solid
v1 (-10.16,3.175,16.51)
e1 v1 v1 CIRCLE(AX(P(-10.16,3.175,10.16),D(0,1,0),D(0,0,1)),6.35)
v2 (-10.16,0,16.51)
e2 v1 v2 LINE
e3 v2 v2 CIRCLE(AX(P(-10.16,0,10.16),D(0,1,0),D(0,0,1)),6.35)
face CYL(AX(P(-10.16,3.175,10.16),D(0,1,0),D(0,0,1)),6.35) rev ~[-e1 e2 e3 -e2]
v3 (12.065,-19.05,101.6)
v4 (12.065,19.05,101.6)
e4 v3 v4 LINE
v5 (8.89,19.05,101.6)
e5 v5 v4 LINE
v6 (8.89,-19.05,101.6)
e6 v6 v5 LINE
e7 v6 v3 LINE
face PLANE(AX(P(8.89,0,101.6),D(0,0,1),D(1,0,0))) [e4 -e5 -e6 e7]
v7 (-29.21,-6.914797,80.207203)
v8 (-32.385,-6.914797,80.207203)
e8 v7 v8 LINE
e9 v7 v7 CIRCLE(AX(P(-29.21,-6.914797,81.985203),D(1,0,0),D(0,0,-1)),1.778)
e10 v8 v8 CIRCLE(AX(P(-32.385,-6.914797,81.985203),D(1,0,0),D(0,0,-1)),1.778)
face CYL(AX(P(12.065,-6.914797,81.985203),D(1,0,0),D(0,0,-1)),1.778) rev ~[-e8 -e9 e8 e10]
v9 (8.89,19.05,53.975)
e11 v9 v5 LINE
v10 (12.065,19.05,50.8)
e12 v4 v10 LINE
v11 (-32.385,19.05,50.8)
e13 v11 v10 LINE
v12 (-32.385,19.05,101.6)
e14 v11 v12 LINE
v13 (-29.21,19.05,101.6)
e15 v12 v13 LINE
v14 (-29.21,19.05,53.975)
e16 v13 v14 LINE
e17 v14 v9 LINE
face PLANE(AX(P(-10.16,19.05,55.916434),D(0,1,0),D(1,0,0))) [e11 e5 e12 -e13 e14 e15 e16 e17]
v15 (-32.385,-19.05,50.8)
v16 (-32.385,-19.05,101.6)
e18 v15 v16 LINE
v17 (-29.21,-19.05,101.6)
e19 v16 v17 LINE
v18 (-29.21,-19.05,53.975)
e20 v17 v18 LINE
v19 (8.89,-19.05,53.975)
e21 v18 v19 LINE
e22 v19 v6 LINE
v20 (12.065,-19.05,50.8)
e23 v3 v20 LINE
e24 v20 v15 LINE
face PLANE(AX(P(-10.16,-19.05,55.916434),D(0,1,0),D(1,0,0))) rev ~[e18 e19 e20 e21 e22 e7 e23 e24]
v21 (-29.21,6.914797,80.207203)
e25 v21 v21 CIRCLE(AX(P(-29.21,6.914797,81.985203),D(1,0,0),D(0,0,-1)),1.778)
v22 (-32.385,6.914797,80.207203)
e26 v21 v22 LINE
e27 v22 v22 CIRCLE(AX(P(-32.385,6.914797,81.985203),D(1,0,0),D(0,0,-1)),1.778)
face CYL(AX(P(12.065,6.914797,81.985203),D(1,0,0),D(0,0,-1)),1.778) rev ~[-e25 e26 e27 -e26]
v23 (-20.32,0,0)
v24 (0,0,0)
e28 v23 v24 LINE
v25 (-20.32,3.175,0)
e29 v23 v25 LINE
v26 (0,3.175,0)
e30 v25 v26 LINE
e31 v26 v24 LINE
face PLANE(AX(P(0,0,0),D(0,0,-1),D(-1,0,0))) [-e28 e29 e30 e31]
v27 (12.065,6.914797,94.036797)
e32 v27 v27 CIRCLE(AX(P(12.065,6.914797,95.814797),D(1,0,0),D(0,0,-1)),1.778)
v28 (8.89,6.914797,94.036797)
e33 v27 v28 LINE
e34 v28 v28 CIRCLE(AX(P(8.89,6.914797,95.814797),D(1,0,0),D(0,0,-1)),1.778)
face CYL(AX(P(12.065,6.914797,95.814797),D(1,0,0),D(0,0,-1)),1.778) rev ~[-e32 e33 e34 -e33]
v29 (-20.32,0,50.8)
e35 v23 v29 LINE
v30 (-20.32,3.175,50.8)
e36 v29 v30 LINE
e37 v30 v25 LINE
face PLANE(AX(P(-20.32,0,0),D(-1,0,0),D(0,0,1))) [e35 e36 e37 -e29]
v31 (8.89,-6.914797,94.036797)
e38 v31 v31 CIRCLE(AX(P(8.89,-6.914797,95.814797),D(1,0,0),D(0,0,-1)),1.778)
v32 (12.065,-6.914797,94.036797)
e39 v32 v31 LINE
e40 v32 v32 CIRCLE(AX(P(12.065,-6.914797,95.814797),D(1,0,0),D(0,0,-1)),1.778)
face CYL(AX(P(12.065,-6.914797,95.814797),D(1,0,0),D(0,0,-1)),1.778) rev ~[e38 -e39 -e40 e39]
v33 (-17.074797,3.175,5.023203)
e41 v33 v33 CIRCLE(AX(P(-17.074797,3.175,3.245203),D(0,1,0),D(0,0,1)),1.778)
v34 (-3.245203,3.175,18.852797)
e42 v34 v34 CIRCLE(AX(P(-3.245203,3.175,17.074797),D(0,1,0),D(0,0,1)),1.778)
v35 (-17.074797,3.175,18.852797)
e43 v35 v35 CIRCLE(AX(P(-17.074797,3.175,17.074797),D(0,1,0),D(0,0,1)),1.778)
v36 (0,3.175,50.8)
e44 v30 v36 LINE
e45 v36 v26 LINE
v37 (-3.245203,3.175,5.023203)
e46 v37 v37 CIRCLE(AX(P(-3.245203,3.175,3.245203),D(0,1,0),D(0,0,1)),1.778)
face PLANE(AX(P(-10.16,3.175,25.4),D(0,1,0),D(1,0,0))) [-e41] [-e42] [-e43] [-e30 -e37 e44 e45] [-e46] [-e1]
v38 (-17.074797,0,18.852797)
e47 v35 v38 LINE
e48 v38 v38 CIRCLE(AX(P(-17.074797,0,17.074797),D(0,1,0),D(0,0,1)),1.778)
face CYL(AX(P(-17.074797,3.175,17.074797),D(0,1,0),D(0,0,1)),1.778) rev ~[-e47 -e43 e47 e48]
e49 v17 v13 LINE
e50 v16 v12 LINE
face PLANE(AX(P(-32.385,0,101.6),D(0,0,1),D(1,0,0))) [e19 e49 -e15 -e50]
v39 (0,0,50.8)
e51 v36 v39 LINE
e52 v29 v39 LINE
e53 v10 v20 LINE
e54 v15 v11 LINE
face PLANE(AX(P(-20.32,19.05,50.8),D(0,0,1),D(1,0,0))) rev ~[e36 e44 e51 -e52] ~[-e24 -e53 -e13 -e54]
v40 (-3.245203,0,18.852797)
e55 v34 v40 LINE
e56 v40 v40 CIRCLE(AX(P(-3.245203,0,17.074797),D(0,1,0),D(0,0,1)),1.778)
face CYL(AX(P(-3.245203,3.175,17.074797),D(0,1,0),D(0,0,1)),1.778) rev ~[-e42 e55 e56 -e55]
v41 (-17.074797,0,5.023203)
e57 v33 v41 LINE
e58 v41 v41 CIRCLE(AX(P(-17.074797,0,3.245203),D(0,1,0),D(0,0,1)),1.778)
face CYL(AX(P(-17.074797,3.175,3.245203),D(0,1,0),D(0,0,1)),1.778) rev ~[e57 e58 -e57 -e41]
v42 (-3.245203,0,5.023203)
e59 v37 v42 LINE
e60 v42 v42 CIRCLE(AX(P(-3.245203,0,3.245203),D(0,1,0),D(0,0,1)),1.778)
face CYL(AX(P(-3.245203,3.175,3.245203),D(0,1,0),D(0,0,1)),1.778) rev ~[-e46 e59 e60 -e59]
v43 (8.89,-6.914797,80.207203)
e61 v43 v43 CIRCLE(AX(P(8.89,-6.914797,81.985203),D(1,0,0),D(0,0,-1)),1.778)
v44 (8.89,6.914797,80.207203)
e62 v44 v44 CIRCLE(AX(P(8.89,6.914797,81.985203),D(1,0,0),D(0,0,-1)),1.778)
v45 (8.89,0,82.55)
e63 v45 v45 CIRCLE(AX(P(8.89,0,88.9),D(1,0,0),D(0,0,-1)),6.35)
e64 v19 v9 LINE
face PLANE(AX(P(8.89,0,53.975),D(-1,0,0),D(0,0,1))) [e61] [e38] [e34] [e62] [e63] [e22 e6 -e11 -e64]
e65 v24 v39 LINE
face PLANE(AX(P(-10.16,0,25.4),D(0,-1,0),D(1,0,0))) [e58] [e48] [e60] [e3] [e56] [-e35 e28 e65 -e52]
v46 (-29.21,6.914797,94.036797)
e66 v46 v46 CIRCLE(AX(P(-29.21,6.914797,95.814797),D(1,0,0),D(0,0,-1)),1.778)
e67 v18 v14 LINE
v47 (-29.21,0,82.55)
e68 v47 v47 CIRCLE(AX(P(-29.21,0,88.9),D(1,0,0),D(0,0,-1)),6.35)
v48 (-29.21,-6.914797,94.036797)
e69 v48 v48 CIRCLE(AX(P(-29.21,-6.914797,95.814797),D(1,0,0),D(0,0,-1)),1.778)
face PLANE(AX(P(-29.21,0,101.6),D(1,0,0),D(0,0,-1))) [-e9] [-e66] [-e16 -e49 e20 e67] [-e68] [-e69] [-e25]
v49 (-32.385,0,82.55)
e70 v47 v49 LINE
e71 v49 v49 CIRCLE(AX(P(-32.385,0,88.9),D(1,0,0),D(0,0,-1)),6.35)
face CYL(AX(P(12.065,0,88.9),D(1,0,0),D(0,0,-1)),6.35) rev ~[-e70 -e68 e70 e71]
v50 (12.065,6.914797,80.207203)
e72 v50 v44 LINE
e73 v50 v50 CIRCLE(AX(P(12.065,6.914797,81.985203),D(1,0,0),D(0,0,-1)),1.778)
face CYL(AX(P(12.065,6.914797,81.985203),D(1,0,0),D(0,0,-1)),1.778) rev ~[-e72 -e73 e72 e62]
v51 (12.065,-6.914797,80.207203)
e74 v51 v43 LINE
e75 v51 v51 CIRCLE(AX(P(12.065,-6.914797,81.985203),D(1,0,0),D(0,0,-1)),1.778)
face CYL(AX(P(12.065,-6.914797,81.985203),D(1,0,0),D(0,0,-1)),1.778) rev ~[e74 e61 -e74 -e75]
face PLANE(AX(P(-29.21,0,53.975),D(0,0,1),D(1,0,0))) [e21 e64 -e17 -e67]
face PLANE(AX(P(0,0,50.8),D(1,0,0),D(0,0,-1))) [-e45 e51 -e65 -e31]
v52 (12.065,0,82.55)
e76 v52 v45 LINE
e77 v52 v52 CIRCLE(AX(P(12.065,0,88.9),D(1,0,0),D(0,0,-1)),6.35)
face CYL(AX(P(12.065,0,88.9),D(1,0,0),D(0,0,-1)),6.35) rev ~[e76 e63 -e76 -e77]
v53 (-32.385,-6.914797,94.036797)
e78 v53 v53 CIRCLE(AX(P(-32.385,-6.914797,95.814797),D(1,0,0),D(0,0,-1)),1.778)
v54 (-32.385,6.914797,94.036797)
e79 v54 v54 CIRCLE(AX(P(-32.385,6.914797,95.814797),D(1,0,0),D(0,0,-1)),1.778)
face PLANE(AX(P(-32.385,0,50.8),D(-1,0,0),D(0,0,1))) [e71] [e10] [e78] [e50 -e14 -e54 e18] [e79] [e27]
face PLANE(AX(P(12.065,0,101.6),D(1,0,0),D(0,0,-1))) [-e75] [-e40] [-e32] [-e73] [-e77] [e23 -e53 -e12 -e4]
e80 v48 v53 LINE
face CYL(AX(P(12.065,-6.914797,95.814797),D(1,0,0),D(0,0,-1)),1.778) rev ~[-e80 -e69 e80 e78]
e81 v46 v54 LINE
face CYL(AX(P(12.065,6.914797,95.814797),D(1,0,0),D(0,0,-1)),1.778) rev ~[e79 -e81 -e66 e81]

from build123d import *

# Parameters (mm, degrees)
BOSS_EXTRUDE1_DEPTH = 19.05
SKETCH3_W           = 20.32
SKETCH3_H           = 50.8
CUT_EXTRUDE1_DEPTH  = 19.05
SKETCH4_W           = 20.32
SKETCH4_H           = 50.8
CUT_EXTRUDE2_DEPTH  = 15.875
CUT_EXTRUDE3_REACH  = 110.928
SKETCH6_R           = 6.35
SKETCH6_R_2         = 1.778
CUT_EXTRUDE6_REACH  = 114.522
SKETCH9_R           = 6.35
SKETCH9_R_2         = 1.778


with BuildPart() as part:
    # Sketch1 → Boss-Extrude1 (new, symmetric)
    with BuildSketch(Plane(origin=(0, 0, 0), x_dir=(1, 0, 0), z_dir=(0, 1, 0))):
        Polygon((0, 0), (-20.32, 0), (-20.32, -50.8), (-32.385, -50.8), (-32.385, -101.6), (-29.21, -101.6), (-29.21, -53.975), (8.89, -53.975), (8.89, -101.6), (12.065, -101.6), (12.065, -50.8), (0, -50.8), align=None)
    extrude(amount=BOSS_EXTRUDE1_DEPTH, both=True)

    # Sketch3 → Cut-Extrude1 (cut)
    with BuildSketch(Plane.XZ.offset(19.05)):
        with Locations((-10.16, 25.4)):
            Rectangle(SKETCH3_W, SKETCH3_H)
    extrude(amount=-CUT_EXTRUDE1_DEPTH, mode=Mode.SUBTRACT)

    # Sketch4 → Cut-Extrude2 (cut)
    with BuildSketch(Plane(origin=(0, 19.05, 0), x_dir=(1, 0, 0), z_dir=(0, 1, 0))):
        with Locations((-10.16, -25.4)):
            Rectangle(SKETCH4_W, SKETCH4_H)
    extrude(amount=-CUT_EXTRUDE2_DEPTH, mode=Mode.SUBTRACT)

    # Sketch6 → Cut-Extrude3 (cut, up to next)
    with BuildSketch(Plane(origin=(0, 3.175, 0), x_dir=(1, 0, 0), z_dir=(0, 1, 0)), mode=Mode.PRIVATE) as cut_extrude3_sk1:
        with Locations(Location((-10.16, -10.16, 0), (0, 0, 270))):
            Circle(SKETCH6_R)
    cut_extrude3_tool1 = extrude(cut_extrude3_sk1.sketch, amount=-CUT_EXTRUDE3_REACH, mode=Mode.PRIVATE) & part.part
    # Sketch6 → Cut-Extrude3 (cut, up to next)
    with BuildSketch(Plane(origin=(0, 3.175, 0), x_dir=(1, 0, 0), z_dir=(0, 1, 0)), mode=Mode.PRIVATE) as cut_extrude3_sk2:
        with Locations(Location((-17.074797213, -17.074797213, 0), (0, 0, 270))):
            Circle(SKETCH6_R_2)
    cut_extrude3_tool2 = extrude(cut_extrude3_sk2.sketch, amount=-CUT_EXTRUDE3_REACH, mode=Mode.PRIVATE) & part.part
    # Sketch6 → Cut-Extrude3 (cut, up to next)
    with BuildSketch(Plane(origin=(0, 3.175, 0), x_dir=(1, 0, 0), z_dir=(0, 1, 0)), mode=Mode.PRIVATE) as cut_extrude3_sk3:
        with Locations(Location((-17.074797213, -3.245202787, 0), (0, 0, 270))):
            Circle(SKETCH6_R_2)
    cut_extrude3_tool3 = extrude(cut_extrude3_sk3.sketch, amount=-CUT_EXTRUDE3_REACH, mode=Mode.PRIVATE) & part.part
    # Sketch6 → Cut-Extrude3 (cut, up to next)
    with BuildSketch(Plane(origin=(0, 3.175, 0), x_dir=(1, 0, 0), z_dir=(0, 1, 0)), mode=Mode.PRIVATE) as cut_extrude3_sk4:
        with Locations(Location((-3.245202787, -3.245202787, 0), (0, 0, 270))):
            Circle(SKETCH6_R_2)
    cut_extrude3_tool4 = extrude(cut_extrude3_sk4.sketch, amount=-CUT_EXTRUDE3_REACH, mode=Mode.PRIVATE) & part.part
    # Sketch6 → Cut-Extrude3 (cut, up to next)
    with BuildSketch(Plane(origin=(0, 3.175, 0), x_dir=(1, 0, 0), z_dir=(0, 1, 0)), mode=Mode.PRIVATE) as cut_extrude3_sk5:
        with Locations(Location((-3.245202787, -17.074797213, 0), (0, 0, 270))):
            Circle(SKETCH6_R_2)
    cut_extrude3_tool5 = extrude(cut_extrude3_sk5.sketch, amount=-CUT_EXTRUDE3_REACH, mode=Mode.PRIVATE) & part.part
    add(cut_extrude3_tool1.solids().sort_by_distance((-10.16, 3.175, 10.16))[0], mode=Mode.SUBTRACT)
    add(cut_extrude3_tool2.solids().sort_by_distance((-17.074797, 3.175, 17.074797))[0], mode=Mode.SUBTRACT)
    add(cut_extrude3_tool3.solids().sort_by_distance((-17.074797, 3.175, 3.245203))[0], mode=Mode.SUBTRACT)
    add(cut_extrude3_tool4.solids().sort_by_distance((-3.245203, 3.175, 3.245203))[0], mode=Mode.SUBTRACT)
    add(cut_extrude3_tool5.solids().sort_by_distance((-3.245203, 3.175, 17.074797))[0], mode=Mode.SUBTRACT)

    # Cut-Extrude6: up to this face of the body (flat: up to its plane)
    cut_extrude6_end = Plane(part.part.faces().sort_by_distance((-32.385, 0, 76.2))[0])
    # Sketch9 → Cut-Extrude6 (cut, up to the picked face)
    with BuildSketch(Plane(origin=(12.065, 0, 0), x_dir=(0, 0, -1), z_dir=(1, 0, 0)), mode=Mode.PRIVATE) as cut_extrude6_sk1:
        with Locations((-88.9, 0)):
            Circle(SKETCH9_R)
    cut_extrude6_tool1 = split(extrude(cut_extrude6_sk1.sketch, amount=-CUT_EXTRUDE6_REACH, mode=Mode.PRIVATE), bisect_by=cut_extrude6_end, keep=Keep.BOTH, mode=Mode.PRIVATE)
    # Sketch9 → Cut-Extrude6 (cut, up to the picked face)
    with BuildSketch(Plane(origin=(12.065, 0, 0), x_dir=(0, 0, -1), z_dir=(1, 0, 0)), mode=Mode.PRIVATE) as cut_extrude6_sk2:
        with Locations((-95.814797213, 6.914797213)):
            Circle(SKETCH9_R_2)
    cut_extrude6_tool2 = split(extrude(cut_extrude6_sk2.sketch, amount=-CUT_EXTRUDE6_REACH, mode=Mode.PRIVATE), bisect_by=cut_extrude6_end, keep=Keep.BOTH, mode=Mode.PRIVATE)
    # Sketch9 → Cut-Extrude6 (cut, up to the picked face)
    with BuildSketch(Plane(origin=(12.065, 0, 0), x_dir=(0, 0, -1), z_dir=(1, 0, 0)), mode=Mode.PRIVATE) as cut_extrude6_sk3:
        with Locations((-81.985202787, 6.914797213)):
            Circle(SKETCH9_R_2)
    cut_extrude6_tool3 = split(extrude(cut_extrude6_sk3.sketch, amount=-CUT_EXTRUDE6_REACH, mode=Mode.PRIVATE), bisect_by=cut_extrude6_end, keep=Keep.BOTH, mode=Mode.PRIVATE)
    # Sketch9 → Cut-Extrude6 (cut, up to the picked face)
    with BuildSketch(Plane(origin=(12.065, 0, 0), x_dir=(0, 0, -1), z_dir=(1, 0, 0)), mode=Mode.PRIVATE) as cut_extrude6_sk4:
        with Locations((-81.985202787, -6.914797213)):
            Circle(SKETCH9_R_2)
    cut_extrude6_tool4 = split(extrude(cut_extrude6_sk4.sketch, amount=-CUT_EXTRUDE6_REACH, mode=Mode.PRIVATE), bisect_by=cut_extrude6_end, keep=Keep.BOTH, mode=Mode.PRIVATE)
    # Sketch9 → Cut-Extrude6 (cut, up to the picked face)
    with BuildSketch(Plane(origin=(12.065, 0, 0), x_dir=(0, 0, -1), z_dir=(1, 0, 0)), mode=Mode.PRIVATE) as cut_extrude6_sk5:
        with Locations((-95.814797213, -6.914797213)):
            Circle(SKETCH9_R_2)
    cut_extrude6_tool5 = split(extrude(cut_extrude6_sk5.sketch, amount=-CUT_EXTRUDE6_REACH, mode=Mode.PRIVATE), bisect_by=cut_extrude6_end, keep=Keep.BOTH, mode=Mode.PRIVATE)
    add(cut_extrude6_tool1.solids().sort_by(Axis((12.065, 0, 88.9), (-1, 0, 0)))[0], mode=Mode.SUBTRACT)
    add(cut_extrude6_tool2.solids().sort_by(Axis((12.065, 6.914797, 95.814797), (-1, 0, 0)))[0], mode=Mode.SUBTRACT)
    add(cut_extrude6_tool3.solids().sort_by(Axis((12.065, 6.914797, 81.985203), (-1, 0, 0)))[0], mode=Mode.SUBTRACT)
    add(cut_extrude6_tool4.solids().sort_by(Axis((12.065, -6.914797, 81.985203), (-1, 0, 0)))[0], mode=Mode.SUBTRACT)
    add(cut_extrude6_tool5.solids().sort_by(Axis((12.065, -6.914797, 95.814797), (-1, 0, 0)))[0], mode=Mode.SUBTRACT)


solid = part.part
